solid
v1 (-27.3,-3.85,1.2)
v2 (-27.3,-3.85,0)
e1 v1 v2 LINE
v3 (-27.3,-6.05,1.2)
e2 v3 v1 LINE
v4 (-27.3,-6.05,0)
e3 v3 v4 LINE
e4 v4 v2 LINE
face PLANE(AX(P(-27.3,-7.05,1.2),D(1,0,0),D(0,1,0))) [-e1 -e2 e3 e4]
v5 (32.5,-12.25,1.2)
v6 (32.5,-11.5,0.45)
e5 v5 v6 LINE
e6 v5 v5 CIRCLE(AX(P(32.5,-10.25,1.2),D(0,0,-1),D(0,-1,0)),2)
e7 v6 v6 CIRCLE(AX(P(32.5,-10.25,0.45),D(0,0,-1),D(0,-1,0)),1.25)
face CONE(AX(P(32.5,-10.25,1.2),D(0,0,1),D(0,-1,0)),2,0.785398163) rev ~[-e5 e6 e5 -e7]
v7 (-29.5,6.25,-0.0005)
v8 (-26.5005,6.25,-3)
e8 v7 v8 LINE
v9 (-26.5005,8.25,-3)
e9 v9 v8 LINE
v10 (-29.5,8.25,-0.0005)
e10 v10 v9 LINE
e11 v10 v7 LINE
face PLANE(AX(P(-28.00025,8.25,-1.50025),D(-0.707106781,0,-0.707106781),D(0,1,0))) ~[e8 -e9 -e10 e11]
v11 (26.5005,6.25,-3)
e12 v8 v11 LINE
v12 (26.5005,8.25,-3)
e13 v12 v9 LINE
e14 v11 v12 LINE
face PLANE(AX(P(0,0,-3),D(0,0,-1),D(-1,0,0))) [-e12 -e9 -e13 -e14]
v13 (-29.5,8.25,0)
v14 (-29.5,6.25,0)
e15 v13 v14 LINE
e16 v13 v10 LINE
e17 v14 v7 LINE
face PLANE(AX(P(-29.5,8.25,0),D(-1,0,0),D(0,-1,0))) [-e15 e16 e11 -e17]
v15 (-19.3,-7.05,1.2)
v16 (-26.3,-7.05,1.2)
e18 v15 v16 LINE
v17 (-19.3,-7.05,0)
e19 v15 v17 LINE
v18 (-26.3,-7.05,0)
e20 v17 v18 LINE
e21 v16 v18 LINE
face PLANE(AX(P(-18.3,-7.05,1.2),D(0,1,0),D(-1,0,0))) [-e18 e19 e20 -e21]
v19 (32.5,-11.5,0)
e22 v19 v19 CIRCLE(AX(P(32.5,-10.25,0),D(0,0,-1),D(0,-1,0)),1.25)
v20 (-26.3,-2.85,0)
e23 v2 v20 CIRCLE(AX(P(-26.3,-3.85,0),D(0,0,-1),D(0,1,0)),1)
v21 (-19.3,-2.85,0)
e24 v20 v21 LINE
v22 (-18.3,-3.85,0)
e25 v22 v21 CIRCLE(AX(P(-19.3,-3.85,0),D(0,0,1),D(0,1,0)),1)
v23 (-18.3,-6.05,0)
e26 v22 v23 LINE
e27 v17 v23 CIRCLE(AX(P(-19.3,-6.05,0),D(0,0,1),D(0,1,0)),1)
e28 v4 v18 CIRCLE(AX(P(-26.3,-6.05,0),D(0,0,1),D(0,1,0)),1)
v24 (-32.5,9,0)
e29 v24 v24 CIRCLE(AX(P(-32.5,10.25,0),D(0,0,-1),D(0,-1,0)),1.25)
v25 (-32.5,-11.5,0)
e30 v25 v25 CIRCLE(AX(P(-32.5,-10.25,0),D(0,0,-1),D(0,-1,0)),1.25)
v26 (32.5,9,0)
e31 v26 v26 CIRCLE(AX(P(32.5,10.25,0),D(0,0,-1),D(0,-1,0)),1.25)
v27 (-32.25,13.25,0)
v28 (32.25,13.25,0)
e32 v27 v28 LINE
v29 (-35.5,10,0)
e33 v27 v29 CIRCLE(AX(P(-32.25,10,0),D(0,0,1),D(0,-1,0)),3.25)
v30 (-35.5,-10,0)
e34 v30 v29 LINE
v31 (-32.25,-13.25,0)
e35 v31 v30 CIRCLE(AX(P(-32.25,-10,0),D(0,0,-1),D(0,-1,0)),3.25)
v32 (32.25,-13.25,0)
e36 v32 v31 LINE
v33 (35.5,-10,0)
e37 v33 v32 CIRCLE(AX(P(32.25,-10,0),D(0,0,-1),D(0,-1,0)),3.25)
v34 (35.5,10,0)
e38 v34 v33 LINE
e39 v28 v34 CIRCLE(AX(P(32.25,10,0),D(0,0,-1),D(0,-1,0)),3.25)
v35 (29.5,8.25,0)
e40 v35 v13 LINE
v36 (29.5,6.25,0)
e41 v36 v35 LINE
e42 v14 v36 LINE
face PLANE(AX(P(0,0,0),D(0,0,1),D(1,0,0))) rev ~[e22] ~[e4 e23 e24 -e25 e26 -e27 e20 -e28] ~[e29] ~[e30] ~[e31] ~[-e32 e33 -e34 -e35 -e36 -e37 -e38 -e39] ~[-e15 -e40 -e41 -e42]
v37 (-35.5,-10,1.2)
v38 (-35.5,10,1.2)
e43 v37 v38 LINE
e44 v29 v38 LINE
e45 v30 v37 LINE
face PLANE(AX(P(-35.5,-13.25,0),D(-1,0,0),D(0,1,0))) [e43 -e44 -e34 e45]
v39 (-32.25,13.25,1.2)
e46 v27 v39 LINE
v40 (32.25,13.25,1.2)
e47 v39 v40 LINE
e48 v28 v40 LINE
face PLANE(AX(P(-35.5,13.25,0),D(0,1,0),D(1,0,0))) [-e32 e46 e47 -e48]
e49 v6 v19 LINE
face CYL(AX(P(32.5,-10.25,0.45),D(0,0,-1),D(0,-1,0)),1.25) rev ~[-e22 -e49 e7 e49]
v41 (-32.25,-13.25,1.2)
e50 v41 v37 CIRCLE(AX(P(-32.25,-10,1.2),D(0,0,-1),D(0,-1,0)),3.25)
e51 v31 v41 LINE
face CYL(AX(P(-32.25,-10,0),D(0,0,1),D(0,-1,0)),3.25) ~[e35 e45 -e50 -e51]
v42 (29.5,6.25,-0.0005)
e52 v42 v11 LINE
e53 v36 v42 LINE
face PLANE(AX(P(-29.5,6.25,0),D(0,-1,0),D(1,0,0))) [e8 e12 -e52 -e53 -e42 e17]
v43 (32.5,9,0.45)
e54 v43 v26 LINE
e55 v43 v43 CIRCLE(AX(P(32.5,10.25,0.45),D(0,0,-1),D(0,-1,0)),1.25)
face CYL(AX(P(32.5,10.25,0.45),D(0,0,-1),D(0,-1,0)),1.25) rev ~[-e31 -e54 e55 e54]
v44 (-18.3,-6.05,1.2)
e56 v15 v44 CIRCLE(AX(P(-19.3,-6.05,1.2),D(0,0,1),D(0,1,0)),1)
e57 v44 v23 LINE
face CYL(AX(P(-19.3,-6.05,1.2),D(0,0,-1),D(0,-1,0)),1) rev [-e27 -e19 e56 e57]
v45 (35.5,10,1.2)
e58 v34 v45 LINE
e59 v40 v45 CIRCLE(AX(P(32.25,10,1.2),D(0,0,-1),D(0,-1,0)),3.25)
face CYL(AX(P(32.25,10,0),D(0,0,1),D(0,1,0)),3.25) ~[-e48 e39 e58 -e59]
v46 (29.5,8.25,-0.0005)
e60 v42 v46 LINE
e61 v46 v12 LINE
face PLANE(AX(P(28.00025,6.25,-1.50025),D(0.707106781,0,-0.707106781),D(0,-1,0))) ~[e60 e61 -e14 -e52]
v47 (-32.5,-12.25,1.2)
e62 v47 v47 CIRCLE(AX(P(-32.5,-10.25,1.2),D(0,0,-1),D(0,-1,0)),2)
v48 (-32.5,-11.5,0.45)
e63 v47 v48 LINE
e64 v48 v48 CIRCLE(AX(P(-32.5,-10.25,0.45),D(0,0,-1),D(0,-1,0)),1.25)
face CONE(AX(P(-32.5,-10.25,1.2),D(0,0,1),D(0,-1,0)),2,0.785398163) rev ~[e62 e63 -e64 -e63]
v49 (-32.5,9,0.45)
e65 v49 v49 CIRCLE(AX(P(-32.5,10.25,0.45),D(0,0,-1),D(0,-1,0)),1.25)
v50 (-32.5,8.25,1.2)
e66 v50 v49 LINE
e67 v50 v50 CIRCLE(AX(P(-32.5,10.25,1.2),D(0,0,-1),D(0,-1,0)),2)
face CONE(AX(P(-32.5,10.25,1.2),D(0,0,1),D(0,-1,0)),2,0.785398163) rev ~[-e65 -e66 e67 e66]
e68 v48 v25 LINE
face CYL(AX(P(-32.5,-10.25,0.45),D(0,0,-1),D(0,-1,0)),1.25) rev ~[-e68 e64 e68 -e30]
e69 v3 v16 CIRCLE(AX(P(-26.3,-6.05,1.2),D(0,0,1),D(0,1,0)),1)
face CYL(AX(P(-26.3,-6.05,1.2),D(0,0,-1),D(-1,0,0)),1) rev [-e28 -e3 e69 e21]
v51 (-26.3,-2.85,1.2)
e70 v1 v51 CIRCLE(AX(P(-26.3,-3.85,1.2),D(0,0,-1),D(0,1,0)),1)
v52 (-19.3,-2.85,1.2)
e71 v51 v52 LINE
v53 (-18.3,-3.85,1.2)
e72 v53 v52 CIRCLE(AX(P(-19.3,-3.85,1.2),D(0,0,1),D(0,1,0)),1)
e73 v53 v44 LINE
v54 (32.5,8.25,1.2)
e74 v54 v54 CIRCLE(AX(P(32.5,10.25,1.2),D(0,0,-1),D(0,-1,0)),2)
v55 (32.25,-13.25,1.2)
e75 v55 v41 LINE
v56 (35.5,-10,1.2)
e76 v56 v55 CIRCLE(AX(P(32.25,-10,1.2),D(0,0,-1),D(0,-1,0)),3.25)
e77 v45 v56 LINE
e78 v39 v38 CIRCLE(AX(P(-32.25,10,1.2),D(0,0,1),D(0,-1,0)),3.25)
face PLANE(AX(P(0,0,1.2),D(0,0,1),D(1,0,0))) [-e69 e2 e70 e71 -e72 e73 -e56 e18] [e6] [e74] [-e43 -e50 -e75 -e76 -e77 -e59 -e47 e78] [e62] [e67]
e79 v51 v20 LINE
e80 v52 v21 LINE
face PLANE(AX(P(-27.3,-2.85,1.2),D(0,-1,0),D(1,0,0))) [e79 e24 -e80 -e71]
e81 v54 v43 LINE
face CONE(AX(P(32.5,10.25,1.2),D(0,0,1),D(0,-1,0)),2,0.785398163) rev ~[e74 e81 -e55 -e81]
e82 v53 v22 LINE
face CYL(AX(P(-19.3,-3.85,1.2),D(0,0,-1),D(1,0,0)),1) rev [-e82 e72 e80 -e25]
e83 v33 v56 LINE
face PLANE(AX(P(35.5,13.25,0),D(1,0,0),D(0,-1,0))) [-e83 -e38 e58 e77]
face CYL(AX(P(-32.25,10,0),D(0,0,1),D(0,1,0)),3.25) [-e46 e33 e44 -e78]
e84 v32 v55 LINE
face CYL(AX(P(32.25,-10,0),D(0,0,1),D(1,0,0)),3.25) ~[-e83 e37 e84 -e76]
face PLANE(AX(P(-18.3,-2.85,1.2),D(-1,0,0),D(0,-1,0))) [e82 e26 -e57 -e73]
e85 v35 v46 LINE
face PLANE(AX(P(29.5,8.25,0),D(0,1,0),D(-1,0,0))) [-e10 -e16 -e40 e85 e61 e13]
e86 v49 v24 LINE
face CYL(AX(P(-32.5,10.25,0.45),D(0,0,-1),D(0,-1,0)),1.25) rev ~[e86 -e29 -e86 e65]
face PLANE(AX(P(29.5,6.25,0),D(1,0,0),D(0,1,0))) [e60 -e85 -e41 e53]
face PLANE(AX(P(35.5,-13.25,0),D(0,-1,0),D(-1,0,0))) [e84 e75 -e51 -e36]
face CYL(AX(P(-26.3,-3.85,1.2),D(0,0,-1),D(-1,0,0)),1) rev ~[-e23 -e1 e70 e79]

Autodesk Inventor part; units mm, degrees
ref_plane "YZ Plane" through (0, 0, 0) normal (1, 0, 0) x (0, 1, 0)
ref_plane "XZ Plane" through (0, 0, 0) normal (0, 1, 0) x (-1, 0, 0)
ref_plane "XY Plane" through (0, 0, 0) normal (0, 0, 1) x (1, 0, 0)
sketch "Sketch1" plane through (0, 0, 0) normal (0, 0, 1) x (1, 0, 0)
  line L0 (-35.5, 13.25) -> (35.5, 13.25)
  line L1 (35.5, 13.25) -> (35.5, -13.25)
  line L2 (35.5, -13.25) -> (-35.5, -13.25)
  line L3 (-35.5, -13.25) -> (-35.5, 13.25)
  point P0 (0, 0)
  dimension "d0" = 26.5
  dimension "d1" = 71
  dimension "d2" = 35.5
  dimension "d3" = 13.25
extrude "Extrusion1" add sketch "Sketch1" along normal blind 1.2
fillet "Fillet1" radius 3.25 4 edges at (-35.5, 13.25, 0.6) (-35.5, -13.25, 0.6) (35.5, -13.25, 0.6) (35.5, 13.25, 0.6)
sketch "Sketch2" plane through (0, 0, 1.2) normal (0, 0, 1) x (1, 0, 0)
  line L0 (32.25, 13.25) -> (-32.25, 13.25) projected
  line L1 (-35.5, 10) -> (-35.5, -10) projected
  line L2 (-32.25, -13.25) -> (32.25, -13.25) projected
  line L3 (35.5, -10) -> (35.5, 10) projected
  point P0 (0, 0)
  point P1 (-32.5, 10.25)
  point P2 (32.5, 10.25)
  point P3 (32.5, -10.25)
  point P4 (-32.5, -10.25)
  dimension "d7" = 3
  dimension "d8" = 3
  dimension "d9" = 3
  dimension "d10" = 3
  dimension "d11" = 3
  dimension "d12" = 3
  dimension "d13" = 3
  dimension "d14" = 3
hole "Hole1" at (-32.5, 10.25, 1.2) at (32.5, 10.25, 1.2) at (32.5, -10.25, 1.2) at (-32.5, -10.25, 1.2) direction (0, 0, -1) diameter 2.5 depth 4 tip angle 118 countersink diameter 4 countersink angle 90
sketch "Sketch3" plane through (0, 0, 1.2) normal (0, 0, 1) x (1, 0, 0)
  line L0 (-27.3, -2.85) -> (-18.3, -2.85)
  line L1 (-18.3, -2.85) -> (-18.3, -7.05)
  line L2 (-18.3, -7.05) -> (-27.3, -7.05)
  line L3 (-27.3, -7.05) -> (-27.3, -2.85)
  line L4 (-35.5, 10) -> (-35.5, -10) projected
  line L5 (-32.25, -13.25) -> (32.25, -13.25) projected
  point P0 (0, 0)
  dimension "d22" = 8.2
  dimension "d23" = 17.2
  dimension "d24" = 6.2
  dimension "d25" = 10.4
  dimension "d29" = 9
  dimension "d30" = 4.2
extrude "Extrusion2" cut sketch "Sketch3" against normal blind 1.2
fillet "Fillet2" radius 1 4 edges at (-27.3, -2.85, 0.6) (-27.3, -7.05, 0.6) (-18.3, -2.85, 0.6) (-18.3, -7.05, 0.6)
sketch "Sketch4" plane through (0, 0, 0) normal (0, 0, -1) x (-1, 0, 0)
  line L0 (-29.5, 8.25) -> (29.5, 8.25)
  line L1 (29.5, 8.25) -> (29.5, 6.25)
  line L2 (29.5, 6.25) -> (-29.5, 6.25)
  line L3 (-29.5, 6.25) -> (-29.5, 8.25)
  line L4 (-35.5, -10) -> (-35.5, 10) projected
  line L5 (35.5, 10) -> (35.5, -10) projected
  line L6 (-32.25, 13.25) -> (32.25, 13.25) projected
  point P0 (0, 0)
  dimension "d31" = 6
  dimension "d32" = 6
  dimension "d33" = 2
  dimension "d34" = 5
extrude "Extrusion3" add sketch "Sketch4" along normal blind 3
chamfer "Chamfer1" distance 3 angle 45 2 edges at (29.5, 7.25, -3) (-29.5, 7.25, -3)
properties part number "cover"
